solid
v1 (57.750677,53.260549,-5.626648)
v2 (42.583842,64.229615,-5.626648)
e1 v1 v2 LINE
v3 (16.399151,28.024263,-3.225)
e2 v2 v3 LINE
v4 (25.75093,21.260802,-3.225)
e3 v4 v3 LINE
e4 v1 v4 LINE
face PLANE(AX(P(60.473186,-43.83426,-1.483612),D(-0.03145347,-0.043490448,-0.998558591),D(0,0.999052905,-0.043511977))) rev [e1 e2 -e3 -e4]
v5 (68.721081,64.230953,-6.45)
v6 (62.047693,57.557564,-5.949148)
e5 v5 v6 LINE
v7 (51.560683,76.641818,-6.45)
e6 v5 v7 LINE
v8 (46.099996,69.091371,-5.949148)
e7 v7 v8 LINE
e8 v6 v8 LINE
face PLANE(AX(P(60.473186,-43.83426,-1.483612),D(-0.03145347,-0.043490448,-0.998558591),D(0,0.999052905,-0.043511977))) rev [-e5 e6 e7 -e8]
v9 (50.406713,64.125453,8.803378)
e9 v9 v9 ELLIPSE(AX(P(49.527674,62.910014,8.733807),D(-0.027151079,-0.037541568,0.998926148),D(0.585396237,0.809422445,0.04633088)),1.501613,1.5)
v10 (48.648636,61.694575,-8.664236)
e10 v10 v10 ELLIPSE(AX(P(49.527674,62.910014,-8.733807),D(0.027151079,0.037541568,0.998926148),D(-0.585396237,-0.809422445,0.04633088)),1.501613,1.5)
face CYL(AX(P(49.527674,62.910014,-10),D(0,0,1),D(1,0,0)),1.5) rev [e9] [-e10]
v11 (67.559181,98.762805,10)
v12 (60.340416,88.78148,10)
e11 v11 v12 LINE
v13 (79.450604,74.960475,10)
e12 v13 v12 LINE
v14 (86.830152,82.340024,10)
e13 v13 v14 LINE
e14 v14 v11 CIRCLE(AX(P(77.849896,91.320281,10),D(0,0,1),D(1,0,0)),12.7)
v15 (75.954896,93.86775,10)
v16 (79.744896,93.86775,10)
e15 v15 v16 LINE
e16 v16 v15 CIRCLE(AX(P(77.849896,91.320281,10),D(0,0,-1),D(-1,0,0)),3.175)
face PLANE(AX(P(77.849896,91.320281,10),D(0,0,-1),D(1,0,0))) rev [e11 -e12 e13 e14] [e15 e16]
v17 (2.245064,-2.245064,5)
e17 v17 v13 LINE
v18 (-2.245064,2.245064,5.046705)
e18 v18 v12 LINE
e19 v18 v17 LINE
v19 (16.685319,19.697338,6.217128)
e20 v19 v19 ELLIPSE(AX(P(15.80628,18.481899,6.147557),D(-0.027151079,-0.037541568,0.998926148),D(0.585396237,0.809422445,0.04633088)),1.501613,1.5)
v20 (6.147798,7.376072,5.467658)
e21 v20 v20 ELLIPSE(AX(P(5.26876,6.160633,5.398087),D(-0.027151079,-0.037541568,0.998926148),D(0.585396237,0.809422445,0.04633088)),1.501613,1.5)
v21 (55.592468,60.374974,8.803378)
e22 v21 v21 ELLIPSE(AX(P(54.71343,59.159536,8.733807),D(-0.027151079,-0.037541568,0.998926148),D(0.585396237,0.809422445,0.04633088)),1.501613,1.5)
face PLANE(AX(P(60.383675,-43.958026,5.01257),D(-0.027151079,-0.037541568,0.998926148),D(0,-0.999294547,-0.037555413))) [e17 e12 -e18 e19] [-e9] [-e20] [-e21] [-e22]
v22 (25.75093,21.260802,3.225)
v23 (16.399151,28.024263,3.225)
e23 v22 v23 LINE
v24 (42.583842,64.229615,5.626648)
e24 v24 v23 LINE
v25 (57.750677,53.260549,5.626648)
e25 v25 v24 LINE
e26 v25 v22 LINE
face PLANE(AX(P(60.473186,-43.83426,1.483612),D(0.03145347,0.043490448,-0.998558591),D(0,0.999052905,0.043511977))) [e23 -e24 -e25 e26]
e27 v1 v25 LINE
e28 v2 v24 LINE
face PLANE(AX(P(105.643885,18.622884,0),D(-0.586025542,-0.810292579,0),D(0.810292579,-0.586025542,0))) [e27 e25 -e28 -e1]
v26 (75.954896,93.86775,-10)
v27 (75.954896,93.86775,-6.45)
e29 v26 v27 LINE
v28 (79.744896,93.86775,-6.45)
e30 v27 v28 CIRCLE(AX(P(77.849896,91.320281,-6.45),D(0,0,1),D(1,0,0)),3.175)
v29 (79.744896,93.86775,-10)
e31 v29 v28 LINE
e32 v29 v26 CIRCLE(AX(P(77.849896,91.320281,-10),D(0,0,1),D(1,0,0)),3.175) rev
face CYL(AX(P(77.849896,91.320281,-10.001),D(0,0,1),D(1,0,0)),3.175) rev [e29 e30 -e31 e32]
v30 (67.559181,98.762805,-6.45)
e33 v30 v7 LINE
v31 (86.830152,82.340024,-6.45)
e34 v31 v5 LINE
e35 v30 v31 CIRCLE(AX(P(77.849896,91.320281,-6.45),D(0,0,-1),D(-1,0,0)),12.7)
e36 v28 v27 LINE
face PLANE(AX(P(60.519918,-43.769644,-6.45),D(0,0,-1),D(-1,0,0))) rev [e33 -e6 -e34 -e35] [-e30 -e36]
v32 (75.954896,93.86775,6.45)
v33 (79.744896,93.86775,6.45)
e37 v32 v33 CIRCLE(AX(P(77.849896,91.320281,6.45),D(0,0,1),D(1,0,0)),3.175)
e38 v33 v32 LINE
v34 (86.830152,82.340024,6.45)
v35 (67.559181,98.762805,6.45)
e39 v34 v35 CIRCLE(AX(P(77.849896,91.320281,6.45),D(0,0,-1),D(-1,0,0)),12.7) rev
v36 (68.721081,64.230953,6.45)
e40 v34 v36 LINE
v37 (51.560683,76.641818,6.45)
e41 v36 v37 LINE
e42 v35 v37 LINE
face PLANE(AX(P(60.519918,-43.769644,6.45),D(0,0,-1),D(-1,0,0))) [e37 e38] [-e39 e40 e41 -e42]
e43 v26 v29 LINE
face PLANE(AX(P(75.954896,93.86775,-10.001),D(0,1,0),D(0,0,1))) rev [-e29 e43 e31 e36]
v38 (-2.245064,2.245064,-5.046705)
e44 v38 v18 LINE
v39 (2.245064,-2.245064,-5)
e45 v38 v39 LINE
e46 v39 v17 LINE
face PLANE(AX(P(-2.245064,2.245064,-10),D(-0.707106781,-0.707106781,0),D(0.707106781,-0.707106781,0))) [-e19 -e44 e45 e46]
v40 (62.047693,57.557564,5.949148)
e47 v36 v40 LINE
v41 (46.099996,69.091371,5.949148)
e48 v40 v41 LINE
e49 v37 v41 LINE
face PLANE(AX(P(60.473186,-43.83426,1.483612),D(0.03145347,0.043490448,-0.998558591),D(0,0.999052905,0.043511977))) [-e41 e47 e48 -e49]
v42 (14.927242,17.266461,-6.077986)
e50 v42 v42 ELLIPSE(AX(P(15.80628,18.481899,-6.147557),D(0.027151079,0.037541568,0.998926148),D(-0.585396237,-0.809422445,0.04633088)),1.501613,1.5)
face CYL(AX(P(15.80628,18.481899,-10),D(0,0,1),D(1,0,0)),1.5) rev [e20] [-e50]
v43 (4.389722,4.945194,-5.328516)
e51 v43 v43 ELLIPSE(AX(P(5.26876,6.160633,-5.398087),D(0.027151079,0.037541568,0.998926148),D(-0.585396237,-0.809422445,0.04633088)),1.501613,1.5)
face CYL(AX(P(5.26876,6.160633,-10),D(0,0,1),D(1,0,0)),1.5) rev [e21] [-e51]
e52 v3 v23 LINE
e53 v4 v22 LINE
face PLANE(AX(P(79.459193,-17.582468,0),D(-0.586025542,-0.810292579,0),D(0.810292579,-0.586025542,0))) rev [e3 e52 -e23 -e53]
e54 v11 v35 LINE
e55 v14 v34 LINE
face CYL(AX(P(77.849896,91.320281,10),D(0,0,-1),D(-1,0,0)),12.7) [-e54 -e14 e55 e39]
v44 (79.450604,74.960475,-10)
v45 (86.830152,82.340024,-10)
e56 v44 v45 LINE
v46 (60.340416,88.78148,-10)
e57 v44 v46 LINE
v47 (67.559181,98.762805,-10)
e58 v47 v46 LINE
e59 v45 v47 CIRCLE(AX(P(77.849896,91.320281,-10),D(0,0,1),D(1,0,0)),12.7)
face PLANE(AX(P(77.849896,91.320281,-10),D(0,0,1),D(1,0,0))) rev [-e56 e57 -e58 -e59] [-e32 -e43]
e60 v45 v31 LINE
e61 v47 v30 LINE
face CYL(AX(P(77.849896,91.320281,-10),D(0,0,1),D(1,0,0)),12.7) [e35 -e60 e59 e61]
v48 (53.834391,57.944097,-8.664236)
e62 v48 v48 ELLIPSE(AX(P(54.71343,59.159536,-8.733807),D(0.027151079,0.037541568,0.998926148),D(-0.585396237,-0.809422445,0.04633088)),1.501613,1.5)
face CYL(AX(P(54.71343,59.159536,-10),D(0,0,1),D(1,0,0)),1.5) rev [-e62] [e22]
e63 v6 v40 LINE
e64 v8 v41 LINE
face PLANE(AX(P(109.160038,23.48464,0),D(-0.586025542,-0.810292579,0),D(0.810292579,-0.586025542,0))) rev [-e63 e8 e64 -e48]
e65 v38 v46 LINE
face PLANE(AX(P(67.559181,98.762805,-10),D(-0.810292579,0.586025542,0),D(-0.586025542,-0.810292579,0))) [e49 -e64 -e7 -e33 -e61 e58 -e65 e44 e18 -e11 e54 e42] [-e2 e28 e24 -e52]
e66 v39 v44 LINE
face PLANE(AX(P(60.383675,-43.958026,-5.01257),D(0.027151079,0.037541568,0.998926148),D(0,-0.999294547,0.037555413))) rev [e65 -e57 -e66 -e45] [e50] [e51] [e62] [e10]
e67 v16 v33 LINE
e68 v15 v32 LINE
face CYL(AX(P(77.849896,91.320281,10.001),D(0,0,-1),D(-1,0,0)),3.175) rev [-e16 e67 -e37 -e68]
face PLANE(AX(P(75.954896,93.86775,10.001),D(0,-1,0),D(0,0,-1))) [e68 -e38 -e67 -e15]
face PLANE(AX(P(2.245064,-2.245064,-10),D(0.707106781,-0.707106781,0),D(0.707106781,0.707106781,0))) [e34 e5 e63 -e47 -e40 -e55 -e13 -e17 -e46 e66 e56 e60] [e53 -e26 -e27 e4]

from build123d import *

# Parameters (mm, degrees)
BASE_VOLUME_DEPTH   = 10
WEIGHT_SAVING_REACH = 140.59
D_SHAFT_HOLE_REACH  = 140.062
TROUS_M3_DEPTH      = 139.273289153
TROUS_M3_DEPTH_BACK = 139.273289153
SKETCH15_R          = 1.5


with BuildPart() as part:
    # Sketch9 → base_volume (new body)
    with BuildSketch(Plane.XY):
        with BuildLine():
            Line((-2.24506403, 2.24506403), (2.24506403, -2.24506403))
            Line((2.24506403, -2.24506403), (86.830152477, 82.340024416))
            ThreePointArc((86.830152477, 82.340024416), (86.087387236, 100.986393717), (67.559180599, 98.762804922))
            Line((67.559180599, 98.762804922), (-2.24506403, 2.24506403))
        make_face()
    base_volume = extrude(amount=-BASE_VOLUME_DEPTH)

    # weight_saving: up to this plane
    weight_saving_end = Plane(origin=(2.24506403, -2.24506403, -10), z_dir=(0.7071067811865464, -0.7071067811865487, 0))
    # Sketch10 → weight_saving (cut, up to the surface)
    with BuildSketch(Plane(origin=(-2.540124292, 1.837086693, 0), x_dir=(0, 0, 1), z_dir=(-0.8102925792823216, 0.5860255420713356, 0)), mode=Mode.PRIVATE) as weight_saving_sk1:
        Polygon((-5, -0.503493858), (-10, 107.3), (-10, -0.503493858), align=None)
    weight_saving_tool1 = split(extrude(weight_saving_sk1.sketch, amount=-WEIGHT_SAVING_REACH, mode=Mode.PRIVATE), bisect_by=weight_saving_end, keep=Keep.BOTH, mode=Mode.PRIVATE)
    # Sketch10 → weight_saving (cut, up to the surface)
    with BuildSketch(Plane(origin=(-2.540124292, 1.837086693, 0), x_dir=(0, 0, 1), z_dir=(-0.8102925792823216, 0.5860255420713356, 0)), mode=Mode.PRIVATE) as weight_saving_sk2:
        Polygon((0, 83), (0, 132.318173369), (-6.45, 132.318173369), (-6.45, 92.318173369), (-5.949148181, 83), align=None)
    weight_saving_tool2 = split(extrude(weight_saving_sk2.sketch, amount=-WEIGHT_SAVING_REACH, mode=Mode.PRIVATE), bisect_by=weight_saving_end, keep=Keep.BOTH, mode=Mode.PRIVATE)
    # Sketch10 → weight_saving (cut, up to the surface)
    with BuildSketch(Plane(origin=(-2.540124292, 1.837086693, 0), x_dir=(0, 0, 1), z_dir=(-0.8102925792823216, 0.5860255420713356, 0)), mode=Mode.PRIVATE) as weight_saving_sk3:
        Polygon((0, 32.318173369), (0, 77), (-5.626648181, 77), (-3.225, 32.318173369), align=None)
    weight_saving_tool3 = split(extrude(weight_saving_sk3.sketch, amount=-WEIGHT_SAVING_REACH, mode=Mode.PRIVATE), bisect_by=weight_saving_end, keep=Keep.BOTH, mode=Mode.PRIVATE)
    weight_saving = weight_saving_tool1.solids().sort_by_distance((18.223349, 30.546566, -8.333333))[0] + weight_saving_tool2.solids().sort_by_distance((60.64419, 89.201506, -3.202401))[0] + weight_saving_tool3.solids().sort_by_distance((30.675578, 47.764158, -2.267214))[0]
    add(weight_saving, mode=Mode.SUBTRACT)

    # Sketch11 → D-shaft_hole (cut, up to next)
    with BuildSketch(Plane.XY.offset(-6.45), mode=Mode.PRIVATE) as d_shaft_hole_sk1:
        with BuildLine():
            Line((75.954896356, 93.86774987), (79.744896356, 93.86774987))
            ThreePointArc((79.744896356, 93.86774987), (77.849896356, 88.145280537), (75.954896356, 93.86774987))
        make_face()
    d_shaft_hole_tool1 = extrude(d_shaft_hole_sk1.sketch, amount=-D_SHAFT_HOLE_REACH, mode=Mode.PRIVATE) & part.part
    d_shaft_hole = d_shaft_hole_tool1.solids().sort_by_distance((77.849896, 91.169307, -6.45))[0]
    add(d_shaft_hole, mode=Mode.SUBTRACT)

    # Mirror1: base_volume, weight_saving, D-shaft_hole across plane
    add(base_volume.mirror(Plane.XY))
    add(weight_saving.mirror(Plane.XY), mode=Mode.SUBTRACT)
    add(d_shaft_hole.mirror(Plane.XY), mode=Mode.SUBTRACT)

    # Sketch15 → trous_m3 (cut, two sides: drawn at the far end of the back side and taken through both)
    with BuildSketch(Plane.XY.offset(-TROUS_M3_DEPTH_BACK)):
        with Locations(Location((5.268760152, 6.160633141, 0), (0, 0, 54.124527059))):
            Circle(SKETCH15_R)
        with Locations(Location((15.806280456, 18.481899424, 0), (0, 0, 54.124527059))):
            Circle(SKETCH15_R)
        with Locations(Location((49.527674377, 62.910014332, 0), (0, 0, 54.124527059))):
            Circle(SKETCH15_R)
        with Locations(Location((54.713429681, 59.159535628, 0), (0, 0, 54.124527059))):
            Circle(SKETCH15_R)
    extrude(amount=TROUS_M3_DEPTH + TROUS_M3_DEPTH_BACK, mode=Mode.SUBTRACT)


solid = part.part
